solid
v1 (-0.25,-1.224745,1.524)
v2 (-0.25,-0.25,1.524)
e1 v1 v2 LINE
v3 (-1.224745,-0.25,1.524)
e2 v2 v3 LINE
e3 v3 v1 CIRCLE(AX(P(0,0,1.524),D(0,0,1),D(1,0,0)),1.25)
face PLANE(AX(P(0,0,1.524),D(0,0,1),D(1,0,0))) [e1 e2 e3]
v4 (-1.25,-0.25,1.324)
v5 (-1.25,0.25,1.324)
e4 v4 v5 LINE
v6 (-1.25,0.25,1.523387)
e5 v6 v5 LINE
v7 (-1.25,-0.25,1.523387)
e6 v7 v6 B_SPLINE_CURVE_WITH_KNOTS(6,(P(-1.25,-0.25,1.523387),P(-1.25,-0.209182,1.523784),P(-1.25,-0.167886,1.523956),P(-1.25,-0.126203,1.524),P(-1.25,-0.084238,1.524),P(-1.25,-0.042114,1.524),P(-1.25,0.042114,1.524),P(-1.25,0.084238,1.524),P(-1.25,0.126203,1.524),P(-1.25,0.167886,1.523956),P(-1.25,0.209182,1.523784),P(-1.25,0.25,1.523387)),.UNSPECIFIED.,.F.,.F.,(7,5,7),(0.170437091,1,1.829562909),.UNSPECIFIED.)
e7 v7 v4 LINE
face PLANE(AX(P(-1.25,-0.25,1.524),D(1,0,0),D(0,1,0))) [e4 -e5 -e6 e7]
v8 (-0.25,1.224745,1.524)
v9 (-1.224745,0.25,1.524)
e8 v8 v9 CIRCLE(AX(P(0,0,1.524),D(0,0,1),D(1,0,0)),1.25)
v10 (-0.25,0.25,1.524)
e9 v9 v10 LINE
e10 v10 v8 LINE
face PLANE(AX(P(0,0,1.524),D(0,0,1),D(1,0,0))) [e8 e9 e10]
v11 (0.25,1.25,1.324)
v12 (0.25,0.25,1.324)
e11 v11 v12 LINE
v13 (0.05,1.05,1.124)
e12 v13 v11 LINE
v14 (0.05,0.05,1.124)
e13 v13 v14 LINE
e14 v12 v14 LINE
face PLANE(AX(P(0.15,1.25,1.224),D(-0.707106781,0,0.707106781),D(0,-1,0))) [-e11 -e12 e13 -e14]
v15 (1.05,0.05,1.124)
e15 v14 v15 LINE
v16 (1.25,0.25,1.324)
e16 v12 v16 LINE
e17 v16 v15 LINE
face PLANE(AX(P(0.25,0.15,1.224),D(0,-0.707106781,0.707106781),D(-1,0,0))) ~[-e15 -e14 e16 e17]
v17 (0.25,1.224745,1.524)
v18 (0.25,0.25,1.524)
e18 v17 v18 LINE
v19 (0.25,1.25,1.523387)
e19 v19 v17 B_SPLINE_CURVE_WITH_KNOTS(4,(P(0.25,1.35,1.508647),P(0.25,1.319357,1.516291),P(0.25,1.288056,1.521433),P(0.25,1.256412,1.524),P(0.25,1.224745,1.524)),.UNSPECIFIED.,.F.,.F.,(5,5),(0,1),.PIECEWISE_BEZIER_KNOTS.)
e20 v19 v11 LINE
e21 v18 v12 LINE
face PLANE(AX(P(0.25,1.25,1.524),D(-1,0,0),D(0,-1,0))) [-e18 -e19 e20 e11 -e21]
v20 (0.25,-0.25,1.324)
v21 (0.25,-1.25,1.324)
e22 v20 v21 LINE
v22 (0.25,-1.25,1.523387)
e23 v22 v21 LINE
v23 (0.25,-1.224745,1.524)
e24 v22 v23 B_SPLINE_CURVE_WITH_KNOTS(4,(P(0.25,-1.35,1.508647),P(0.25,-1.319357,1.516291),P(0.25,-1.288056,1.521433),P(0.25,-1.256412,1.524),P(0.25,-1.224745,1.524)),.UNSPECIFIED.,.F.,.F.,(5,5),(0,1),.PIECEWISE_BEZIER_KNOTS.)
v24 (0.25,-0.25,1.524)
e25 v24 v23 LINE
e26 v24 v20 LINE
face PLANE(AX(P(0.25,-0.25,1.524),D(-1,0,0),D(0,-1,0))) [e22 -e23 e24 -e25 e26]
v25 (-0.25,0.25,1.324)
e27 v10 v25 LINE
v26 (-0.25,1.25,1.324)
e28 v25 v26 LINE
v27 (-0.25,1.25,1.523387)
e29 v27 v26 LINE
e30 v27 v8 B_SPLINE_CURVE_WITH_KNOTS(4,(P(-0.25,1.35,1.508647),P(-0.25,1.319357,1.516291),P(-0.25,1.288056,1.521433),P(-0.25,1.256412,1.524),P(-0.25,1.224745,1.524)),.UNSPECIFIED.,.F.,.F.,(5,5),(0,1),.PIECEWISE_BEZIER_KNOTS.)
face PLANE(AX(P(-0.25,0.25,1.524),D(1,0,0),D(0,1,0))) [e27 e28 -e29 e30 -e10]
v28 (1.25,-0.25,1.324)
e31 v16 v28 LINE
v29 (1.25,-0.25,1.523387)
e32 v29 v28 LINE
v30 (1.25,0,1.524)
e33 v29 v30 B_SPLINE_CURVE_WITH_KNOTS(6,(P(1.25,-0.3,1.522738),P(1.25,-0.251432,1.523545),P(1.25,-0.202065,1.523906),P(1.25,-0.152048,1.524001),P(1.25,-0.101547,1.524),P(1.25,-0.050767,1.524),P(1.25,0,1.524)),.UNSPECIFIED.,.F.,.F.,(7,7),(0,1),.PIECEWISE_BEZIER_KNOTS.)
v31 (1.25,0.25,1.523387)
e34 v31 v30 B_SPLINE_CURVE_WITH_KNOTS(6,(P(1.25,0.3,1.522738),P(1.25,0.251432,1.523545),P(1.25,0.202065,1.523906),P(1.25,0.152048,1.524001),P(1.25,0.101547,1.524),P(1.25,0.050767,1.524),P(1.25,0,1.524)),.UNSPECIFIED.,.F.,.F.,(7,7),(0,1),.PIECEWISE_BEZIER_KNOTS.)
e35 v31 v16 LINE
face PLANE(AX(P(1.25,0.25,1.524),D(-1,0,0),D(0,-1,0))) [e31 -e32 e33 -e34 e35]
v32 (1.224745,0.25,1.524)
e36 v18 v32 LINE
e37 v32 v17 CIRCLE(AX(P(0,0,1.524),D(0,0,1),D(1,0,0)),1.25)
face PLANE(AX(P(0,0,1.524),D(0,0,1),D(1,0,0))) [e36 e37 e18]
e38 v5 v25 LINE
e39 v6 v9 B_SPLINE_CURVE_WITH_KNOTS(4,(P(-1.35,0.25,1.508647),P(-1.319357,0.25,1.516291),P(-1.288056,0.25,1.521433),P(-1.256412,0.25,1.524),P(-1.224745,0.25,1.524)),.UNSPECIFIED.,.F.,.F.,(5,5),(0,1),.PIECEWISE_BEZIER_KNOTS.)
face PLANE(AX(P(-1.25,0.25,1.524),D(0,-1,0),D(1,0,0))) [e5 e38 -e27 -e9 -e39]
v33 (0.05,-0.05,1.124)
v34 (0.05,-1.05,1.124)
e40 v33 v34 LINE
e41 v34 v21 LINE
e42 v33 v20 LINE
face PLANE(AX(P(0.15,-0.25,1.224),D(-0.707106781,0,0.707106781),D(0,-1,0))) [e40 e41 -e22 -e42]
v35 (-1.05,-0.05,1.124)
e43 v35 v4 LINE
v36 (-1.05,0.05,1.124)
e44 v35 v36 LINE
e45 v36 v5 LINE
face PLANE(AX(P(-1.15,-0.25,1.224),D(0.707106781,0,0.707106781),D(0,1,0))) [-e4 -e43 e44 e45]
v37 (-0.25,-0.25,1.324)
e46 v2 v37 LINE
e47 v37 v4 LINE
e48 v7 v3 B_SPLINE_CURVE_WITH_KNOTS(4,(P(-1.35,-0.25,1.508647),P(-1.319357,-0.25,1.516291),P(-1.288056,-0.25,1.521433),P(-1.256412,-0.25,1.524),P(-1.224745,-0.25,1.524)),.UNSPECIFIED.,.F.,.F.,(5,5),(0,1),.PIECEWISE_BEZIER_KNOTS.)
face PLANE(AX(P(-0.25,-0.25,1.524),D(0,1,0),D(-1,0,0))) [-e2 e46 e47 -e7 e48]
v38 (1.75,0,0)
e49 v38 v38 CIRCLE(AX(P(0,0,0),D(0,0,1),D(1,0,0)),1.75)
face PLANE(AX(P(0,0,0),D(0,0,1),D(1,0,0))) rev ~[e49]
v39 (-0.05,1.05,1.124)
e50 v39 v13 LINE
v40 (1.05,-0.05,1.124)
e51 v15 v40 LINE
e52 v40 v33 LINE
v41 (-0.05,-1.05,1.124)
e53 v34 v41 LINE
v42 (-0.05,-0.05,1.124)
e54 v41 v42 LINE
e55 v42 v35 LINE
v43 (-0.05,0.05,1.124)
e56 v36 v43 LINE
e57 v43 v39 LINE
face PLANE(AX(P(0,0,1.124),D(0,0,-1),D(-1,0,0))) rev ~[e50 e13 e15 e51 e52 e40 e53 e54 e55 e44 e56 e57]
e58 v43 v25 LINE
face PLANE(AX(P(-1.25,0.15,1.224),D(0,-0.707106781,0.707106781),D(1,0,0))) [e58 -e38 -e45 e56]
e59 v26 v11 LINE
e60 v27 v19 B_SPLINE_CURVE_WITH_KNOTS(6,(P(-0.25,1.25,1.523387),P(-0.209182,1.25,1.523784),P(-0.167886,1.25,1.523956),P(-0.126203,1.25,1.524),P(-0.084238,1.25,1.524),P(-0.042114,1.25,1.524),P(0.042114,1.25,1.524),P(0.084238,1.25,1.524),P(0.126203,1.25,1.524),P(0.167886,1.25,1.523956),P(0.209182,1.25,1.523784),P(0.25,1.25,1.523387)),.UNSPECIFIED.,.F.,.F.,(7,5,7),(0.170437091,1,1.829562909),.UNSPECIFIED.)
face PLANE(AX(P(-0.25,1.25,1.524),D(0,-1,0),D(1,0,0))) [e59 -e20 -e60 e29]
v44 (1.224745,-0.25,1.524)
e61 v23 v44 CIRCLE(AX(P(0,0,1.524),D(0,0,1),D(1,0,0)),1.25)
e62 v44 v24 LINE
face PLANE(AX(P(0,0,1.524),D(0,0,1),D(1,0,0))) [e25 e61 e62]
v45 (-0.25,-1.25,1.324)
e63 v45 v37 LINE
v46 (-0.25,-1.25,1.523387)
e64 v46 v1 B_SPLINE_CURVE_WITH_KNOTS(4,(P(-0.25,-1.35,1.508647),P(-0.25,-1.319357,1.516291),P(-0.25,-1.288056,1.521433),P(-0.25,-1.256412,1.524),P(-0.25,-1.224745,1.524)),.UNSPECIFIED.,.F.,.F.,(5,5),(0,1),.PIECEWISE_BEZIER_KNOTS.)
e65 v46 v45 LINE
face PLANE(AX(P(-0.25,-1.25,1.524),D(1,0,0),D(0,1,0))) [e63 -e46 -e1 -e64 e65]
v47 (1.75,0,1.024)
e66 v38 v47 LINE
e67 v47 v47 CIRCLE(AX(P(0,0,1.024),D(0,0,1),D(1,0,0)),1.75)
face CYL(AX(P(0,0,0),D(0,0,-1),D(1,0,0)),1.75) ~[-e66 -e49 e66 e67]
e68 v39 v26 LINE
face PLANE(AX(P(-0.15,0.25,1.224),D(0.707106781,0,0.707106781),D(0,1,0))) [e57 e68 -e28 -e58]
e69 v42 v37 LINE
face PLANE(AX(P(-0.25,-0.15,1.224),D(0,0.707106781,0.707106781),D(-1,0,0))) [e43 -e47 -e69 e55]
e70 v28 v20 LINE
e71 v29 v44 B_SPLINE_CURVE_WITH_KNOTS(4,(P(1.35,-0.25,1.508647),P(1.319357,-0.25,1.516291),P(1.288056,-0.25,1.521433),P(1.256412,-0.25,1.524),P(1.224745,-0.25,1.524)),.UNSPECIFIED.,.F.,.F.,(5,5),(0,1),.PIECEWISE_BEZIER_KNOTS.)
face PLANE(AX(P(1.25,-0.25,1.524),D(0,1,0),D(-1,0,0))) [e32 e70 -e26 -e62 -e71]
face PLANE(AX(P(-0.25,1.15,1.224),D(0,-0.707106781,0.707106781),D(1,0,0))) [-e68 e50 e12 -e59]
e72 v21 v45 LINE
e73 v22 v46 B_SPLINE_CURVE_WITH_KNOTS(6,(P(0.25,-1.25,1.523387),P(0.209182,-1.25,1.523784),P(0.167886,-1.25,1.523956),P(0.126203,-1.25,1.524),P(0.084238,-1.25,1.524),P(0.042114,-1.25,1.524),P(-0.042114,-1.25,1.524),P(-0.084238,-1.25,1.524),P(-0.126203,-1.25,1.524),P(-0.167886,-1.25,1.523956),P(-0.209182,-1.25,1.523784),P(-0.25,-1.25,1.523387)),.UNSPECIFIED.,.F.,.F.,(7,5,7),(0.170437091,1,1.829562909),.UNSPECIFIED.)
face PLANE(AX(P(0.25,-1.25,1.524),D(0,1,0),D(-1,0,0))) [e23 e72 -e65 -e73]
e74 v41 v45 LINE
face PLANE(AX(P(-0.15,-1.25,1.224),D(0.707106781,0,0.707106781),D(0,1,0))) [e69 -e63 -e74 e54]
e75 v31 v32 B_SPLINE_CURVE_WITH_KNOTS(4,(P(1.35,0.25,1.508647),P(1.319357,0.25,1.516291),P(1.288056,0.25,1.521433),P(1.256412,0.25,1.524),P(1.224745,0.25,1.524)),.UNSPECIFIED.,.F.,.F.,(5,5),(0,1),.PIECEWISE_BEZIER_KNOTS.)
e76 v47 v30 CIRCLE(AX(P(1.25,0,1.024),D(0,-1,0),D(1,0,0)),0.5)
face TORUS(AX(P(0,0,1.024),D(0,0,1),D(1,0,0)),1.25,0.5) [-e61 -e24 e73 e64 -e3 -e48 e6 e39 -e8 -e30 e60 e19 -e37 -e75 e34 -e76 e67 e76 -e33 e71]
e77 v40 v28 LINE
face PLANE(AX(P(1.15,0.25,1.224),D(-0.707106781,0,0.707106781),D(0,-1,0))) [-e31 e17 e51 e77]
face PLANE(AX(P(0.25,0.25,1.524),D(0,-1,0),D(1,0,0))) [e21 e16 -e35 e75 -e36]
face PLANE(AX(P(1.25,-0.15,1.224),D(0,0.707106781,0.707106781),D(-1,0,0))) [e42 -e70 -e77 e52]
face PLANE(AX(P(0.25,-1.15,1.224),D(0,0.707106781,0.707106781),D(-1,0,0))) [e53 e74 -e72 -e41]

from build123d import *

# Parameters (mm, degrees)
SKETCH1_R          = 1.75
EXTRUDE1_DEPTH     = 1.524
FILLET1_R          = 0.5
CUT_EXTRUDE2_DEPTH = 0.4
CHAMFER1_SIZE      = 0.2


with BuildPart() as part:
    # Sketch1 → Extrude1 (new body)
    with BuildSketch(Plane.XY):
        Circle(SKETCH1_R)
    extrude(amount=EXTRUDE1_DEPTH)

    # Fillet1
    fillet1_edges = [part.edges().sort_by_distance(p)[0] for p in [
        (-1.75, 0, 1.524),
    ]]
    fillet(fillet1_edges, radius=FILLET1_R)

    # Sketch2 → Cut-Extrude2 (cut)
    with BuildSketch(Plane.XY.offset(1.524)):
        Polygon((0.25, -0.25), (0.25, -1.25), (-0.25, -1.25), (-0.25, -0.25), (-1.25, -0.25), (-1.25, 0.25), (-0.25, 0.25), (-0.25, 1.25), (0.25, 1.25), (0.25, 0.25), (1.25, 0.25), (1.25, -0.25), align=None)
    extrude(amount=-CUT_EXTRUDE2_DEPTH, mode=Mode.SUBTRACT)

    # Chamfer1
    chamfer1_edges = [part.edges().sort_by_distance(p)[0] for p in [
        (0.75, 0.25, 1.124),
        (0.25, -0.75, 1.124),
        (0, -1.25, 1.124),
        (-0.25, -0.75, 1.124),
        (-0.75, -0.25, 1.124),
        (-1.25, 0, 1.124),
        (-0.75, 0.25, 1.124),
        (-0.25, 0.75, 1.124),
        (0, 1.25, 1.124),
        (0.25, 0.75, 1.124),
        (1.25, 0, 1.124),
        (0.75, -0.25, 1.124),
    ]]
    chamfer(chamfer1_edges, length=CHAMFER1_SIZE)


solid = part.part
